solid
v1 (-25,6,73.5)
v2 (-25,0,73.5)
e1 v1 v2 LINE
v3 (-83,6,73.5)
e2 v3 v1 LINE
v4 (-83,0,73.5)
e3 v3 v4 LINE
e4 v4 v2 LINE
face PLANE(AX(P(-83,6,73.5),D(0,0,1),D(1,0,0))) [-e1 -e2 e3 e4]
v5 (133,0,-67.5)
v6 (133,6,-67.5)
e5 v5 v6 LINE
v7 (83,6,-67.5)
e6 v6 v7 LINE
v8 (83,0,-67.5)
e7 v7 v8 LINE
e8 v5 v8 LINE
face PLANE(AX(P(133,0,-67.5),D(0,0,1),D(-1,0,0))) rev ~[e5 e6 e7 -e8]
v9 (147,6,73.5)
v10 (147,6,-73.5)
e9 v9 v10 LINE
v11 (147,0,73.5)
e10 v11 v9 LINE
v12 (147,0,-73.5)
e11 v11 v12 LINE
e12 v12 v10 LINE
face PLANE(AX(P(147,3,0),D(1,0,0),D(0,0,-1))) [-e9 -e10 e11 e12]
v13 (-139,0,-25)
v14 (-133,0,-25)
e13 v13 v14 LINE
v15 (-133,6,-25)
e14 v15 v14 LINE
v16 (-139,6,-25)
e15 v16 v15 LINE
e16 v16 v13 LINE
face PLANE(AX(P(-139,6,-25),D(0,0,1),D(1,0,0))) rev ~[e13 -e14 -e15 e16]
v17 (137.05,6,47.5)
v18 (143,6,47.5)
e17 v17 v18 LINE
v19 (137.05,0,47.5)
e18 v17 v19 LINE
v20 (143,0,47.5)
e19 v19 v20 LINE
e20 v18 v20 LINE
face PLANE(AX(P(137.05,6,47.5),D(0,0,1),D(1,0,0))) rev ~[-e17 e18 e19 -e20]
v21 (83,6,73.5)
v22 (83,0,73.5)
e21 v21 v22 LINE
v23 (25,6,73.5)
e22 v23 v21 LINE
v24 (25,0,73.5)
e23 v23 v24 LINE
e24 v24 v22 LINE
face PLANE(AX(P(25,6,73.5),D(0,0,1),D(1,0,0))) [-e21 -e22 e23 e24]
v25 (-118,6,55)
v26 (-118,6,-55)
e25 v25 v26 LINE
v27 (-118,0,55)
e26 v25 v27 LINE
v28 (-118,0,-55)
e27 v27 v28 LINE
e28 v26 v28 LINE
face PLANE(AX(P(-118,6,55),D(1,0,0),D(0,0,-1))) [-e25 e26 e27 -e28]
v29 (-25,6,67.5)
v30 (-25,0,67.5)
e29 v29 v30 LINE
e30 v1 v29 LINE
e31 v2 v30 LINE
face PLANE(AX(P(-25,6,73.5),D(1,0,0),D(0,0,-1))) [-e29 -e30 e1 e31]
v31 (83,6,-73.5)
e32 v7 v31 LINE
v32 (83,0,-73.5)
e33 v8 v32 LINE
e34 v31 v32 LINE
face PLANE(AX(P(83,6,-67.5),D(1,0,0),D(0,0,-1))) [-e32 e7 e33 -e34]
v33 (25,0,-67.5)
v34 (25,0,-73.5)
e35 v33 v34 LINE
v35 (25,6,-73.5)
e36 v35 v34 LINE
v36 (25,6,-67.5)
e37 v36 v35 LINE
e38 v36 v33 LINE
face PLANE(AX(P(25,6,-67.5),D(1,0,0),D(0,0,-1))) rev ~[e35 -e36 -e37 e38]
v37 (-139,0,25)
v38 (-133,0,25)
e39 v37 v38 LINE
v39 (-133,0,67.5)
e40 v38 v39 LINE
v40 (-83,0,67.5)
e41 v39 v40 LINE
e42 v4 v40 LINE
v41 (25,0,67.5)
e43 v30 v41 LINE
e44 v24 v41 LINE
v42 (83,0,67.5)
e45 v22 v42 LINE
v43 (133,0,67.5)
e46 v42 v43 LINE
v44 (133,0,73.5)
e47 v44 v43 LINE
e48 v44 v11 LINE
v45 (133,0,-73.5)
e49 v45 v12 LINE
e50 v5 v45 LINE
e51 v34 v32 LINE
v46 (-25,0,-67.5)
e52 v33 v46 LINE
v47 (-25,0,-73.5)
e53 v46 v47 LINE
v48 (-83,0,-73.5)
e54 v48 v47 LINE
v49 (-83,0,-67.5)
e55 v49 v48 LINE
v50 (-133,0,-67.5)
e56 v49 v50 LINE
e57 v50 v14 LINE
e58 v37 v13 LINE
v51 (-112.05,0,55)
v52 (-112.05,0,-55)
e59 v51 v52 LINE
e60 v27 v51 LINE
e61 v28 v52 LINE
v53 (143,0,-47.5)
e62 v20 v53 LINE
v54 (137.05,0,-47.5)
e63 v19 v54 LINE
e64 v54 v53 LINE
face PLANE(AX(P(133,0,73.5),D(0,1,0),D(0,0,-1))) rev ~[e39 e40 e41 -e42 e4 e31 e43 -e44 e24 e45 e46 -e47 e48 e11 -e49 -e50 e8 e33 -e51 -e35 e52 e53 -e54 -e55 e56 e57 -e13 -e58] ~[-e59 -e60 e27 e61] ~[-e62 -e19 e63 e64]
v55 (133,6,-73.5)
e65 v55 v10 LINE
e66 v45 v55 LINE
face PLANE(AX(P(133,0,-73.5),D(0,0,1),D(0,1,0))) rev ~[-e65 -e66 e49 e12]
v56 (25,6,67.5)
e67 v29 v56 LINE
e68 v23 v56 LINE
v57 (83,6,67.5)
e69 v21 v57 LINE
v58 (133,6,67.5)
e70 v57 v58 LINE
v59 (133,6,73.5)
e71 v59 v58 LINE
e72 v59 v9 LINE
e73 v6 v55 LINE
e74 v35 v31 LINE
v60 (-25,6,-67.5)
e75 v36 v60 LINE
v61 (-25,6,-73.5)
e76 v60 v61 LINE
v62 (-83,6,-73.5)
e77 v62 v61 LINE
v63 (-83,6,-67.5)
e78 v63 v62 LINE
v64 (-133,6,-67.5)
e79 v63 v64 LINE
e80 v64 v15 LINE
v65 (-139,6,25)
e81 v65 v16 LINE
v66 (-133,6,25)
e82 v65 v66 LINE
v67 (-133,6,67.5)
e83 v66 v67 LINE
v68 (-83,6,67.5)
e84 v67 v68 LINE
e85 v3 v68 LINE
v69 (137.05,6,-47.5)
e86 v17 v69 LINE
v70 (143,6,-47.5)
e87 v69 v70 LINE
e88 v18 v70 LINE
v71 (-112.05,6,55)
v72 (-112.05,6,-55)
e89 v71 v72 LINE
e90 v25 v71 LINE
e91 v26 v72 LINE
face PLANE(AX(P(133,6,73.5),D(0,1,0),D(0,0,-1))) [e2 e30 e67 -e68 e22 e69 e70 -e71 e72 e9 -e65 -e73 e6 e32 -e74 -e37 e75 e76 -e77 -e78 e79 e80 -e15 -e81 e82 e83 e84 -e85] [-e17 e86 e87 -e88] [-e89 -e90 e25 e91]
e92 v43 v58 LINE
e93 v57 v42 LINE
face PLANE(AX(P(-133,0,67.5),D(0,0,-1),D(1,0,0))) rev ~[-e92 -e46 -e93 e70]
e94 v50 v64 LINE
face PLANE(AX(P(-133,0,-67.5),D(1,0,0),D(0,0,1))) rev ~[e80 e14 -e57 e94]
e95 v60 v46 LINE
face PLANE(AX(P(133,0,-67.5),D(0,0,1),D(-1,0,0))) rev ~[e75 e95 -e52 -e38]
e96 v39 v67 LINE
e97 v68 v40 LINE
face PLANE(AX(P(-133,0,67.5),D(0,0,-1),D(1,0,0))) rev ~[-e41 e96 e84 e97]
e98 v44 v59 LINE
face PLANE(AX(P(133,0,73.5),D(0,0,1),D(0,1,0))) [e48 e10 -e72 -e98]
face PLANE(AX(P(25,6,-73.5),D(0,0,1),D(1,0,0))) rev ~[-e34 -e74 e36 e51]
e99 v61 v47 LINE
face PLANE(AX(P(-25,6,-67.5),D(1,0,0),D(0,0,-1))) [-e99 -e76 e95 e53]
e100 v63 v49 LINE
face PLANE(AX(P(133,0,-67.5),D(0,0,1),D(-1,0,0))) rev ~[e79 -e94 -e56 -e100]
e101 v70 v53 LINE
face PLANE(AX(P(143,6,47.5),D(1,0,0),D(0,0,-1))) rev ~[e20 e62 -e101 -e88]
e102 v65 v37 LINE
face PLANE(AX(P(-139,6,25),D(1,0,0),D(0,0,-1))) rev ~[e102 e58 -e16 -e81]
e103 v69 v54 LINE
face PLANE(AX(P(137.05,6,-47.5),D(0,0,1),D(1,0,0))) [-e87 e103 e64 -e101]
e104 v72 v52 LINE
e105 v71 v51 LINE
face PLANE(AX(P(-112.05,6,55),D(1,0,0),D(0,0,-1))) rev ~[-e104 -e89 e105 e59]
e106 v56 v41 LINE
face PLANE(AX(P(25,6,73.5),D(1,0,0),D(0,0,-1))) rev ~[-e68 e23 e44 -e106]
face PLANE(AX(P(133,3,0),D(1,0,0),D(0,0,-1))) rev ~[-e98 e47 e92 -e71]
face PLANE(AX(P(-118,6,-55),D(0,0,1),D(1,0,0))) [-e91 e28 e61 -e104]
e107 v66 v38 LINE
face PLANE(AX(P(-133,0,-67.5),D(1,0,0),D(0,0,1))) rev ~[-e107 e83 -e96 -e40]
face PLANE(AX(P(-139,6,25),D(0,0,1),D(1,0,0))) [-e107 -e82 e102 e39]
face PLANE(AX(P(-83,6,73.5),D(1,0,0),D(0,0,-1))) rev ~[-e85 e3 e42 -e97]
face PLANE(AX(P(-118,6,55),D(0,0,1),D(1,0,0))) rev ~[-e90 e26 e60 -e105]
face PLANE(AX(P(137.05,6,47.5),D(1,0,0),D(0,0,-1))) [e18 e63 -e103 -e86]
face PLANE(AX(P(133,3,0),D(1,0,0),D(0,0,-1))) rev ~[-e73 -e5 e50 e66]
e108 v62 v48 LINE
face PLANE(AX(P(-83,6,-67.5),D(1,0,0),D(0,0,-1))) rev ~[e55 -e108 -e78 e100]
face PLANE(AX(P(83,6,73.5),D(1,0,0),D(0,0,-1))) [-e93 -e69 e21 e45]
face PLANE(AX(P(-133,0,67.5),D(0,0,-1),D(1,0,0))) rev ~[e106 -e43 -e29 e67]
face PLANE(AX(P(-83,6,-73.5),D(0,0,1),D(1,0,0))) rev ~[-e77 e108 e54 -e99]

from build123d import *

# Parameters (mm, degrees)
SALIENTE_EXTRUIR1_DEPTH = 6
CROQUIS2_W              = 58
CROQUIS2_H              = 6
SALIENTE_EXTRUIR2_DEPTH = 6
CROQUIS3_W              = 6
CROQUIS3_H              = 50
SALIENTE_EXTRUIR3_DEPTH = 6
CROQUIS5_W              = 5.95
CROQUIS5_H              = 110
CORTAR_EXTRUIR2_DEPTH   = 7
CROQUIS6_W              = 147
CROQUIS6_H              = 6
SALIENTE_EXTRUIR4_DEPTH = 14
CROQUIS7_W              = 5.95
CROQUIS7_H              = 95
CORTAR_EXTRUIR3_DEPTH   = 7


with BuildPart() as part:
    # Croquis1 → Saliente-Extruir1 (new body)
    with BuildSketch(Plane(origin=(0, 0, 0), x_dir=(1, 0, 0), z_dir=(0, 1, 0))):
        Polygon((-83, 67.5), (-133, 67.5), (-133, 25), (-133, -25), (-133, -67.5), (133, -67.5), (133, 67.5), (72.5, 67.5), (25, 67.5), (-25, 67.5), align=None)
    extrude(amount=SALIENTE_EXTRUIR1_DEPTH)

    # Croquis2 → Saliente-Extruir2 (add)
    with BuildSketch(Plane(origin=(0, 6, 0), x_dir=(1, 0, 0), z_dir=(0, 1, 0))):
        with Locations((-54, 70.5)):
            Rectangle(CROQUIS2_W, CROQUIS2_H)
        with Locations((54, 70.5)):
            Rectangle(CROQUIS2_W, CROQUIS2_H)
        with Locations((-54, -70.5)):
            Rectangle(CROQUIS2_W, CROQUIS2_H)
        with Locations((54, -70.5)):
            Rectangle(CROQUIS2_W, CROQUIS2_H)
    extrude(amount=-SALIENTE_EXTRUIR2_DEPTH)

    # Croquis3 → Saliente-Extruir3 (add)
    with BuildSketch(Plane(origin=(0, 6, 0), x_dir=(1, 0, 0), z_dir=(0, 1, 0))):
        with Locations((-136, 0)):
            Rectangle(CROQUIS3_W, CROQUIS3_H)
    extrude(amount=-SALIENTE_EXTRUIR3_DEPTH)

    # Croquis5 → Cortar-Extruir2 (cut, through all)
    with BuildSketch(Plane(origin=(0, 6, 0), x_dir=(1, 0, 0), z_dir=(0, 1, 0))):
        with Locations((-115.025, 0)):
            Rectangle(CROQUIS5_W, CROQUIS5_H)
    extrude(amount=-CORTAR_EXTRUIR2_DEPTH, mode=Mode.SUBTRACT)

    # Croquis6 → Saliente-Extruir4 (add)
    with BuildSketch(Plane(origin=(133, 0, 0), x_dir=(0, 0, -1), z_dir=(1, 0, 0))):
        with Locations((0, 3)):
            Rectangle(CROQUIS6_W, CROQUIS6_H)
    extrude(amount=SALIENTE_EXTRUIR4_DEPTH)

    # Croquis7 → Cortar-Extruir3 (cut, through all)
    with BuildSketch(Plane(origin=(0, 6, 0), x_dir=(1, 0, 0), z_dir=(0, 1, 0))):
        with Locations((140.025, 0)):
            Rectangle(CROQUIS7_W, CROQUIS7_H)
    extrude(amount=-CORTAR_EXTRUIR3_DEPTH, mode=Mode.SUBTRACT)


solid = part.part
